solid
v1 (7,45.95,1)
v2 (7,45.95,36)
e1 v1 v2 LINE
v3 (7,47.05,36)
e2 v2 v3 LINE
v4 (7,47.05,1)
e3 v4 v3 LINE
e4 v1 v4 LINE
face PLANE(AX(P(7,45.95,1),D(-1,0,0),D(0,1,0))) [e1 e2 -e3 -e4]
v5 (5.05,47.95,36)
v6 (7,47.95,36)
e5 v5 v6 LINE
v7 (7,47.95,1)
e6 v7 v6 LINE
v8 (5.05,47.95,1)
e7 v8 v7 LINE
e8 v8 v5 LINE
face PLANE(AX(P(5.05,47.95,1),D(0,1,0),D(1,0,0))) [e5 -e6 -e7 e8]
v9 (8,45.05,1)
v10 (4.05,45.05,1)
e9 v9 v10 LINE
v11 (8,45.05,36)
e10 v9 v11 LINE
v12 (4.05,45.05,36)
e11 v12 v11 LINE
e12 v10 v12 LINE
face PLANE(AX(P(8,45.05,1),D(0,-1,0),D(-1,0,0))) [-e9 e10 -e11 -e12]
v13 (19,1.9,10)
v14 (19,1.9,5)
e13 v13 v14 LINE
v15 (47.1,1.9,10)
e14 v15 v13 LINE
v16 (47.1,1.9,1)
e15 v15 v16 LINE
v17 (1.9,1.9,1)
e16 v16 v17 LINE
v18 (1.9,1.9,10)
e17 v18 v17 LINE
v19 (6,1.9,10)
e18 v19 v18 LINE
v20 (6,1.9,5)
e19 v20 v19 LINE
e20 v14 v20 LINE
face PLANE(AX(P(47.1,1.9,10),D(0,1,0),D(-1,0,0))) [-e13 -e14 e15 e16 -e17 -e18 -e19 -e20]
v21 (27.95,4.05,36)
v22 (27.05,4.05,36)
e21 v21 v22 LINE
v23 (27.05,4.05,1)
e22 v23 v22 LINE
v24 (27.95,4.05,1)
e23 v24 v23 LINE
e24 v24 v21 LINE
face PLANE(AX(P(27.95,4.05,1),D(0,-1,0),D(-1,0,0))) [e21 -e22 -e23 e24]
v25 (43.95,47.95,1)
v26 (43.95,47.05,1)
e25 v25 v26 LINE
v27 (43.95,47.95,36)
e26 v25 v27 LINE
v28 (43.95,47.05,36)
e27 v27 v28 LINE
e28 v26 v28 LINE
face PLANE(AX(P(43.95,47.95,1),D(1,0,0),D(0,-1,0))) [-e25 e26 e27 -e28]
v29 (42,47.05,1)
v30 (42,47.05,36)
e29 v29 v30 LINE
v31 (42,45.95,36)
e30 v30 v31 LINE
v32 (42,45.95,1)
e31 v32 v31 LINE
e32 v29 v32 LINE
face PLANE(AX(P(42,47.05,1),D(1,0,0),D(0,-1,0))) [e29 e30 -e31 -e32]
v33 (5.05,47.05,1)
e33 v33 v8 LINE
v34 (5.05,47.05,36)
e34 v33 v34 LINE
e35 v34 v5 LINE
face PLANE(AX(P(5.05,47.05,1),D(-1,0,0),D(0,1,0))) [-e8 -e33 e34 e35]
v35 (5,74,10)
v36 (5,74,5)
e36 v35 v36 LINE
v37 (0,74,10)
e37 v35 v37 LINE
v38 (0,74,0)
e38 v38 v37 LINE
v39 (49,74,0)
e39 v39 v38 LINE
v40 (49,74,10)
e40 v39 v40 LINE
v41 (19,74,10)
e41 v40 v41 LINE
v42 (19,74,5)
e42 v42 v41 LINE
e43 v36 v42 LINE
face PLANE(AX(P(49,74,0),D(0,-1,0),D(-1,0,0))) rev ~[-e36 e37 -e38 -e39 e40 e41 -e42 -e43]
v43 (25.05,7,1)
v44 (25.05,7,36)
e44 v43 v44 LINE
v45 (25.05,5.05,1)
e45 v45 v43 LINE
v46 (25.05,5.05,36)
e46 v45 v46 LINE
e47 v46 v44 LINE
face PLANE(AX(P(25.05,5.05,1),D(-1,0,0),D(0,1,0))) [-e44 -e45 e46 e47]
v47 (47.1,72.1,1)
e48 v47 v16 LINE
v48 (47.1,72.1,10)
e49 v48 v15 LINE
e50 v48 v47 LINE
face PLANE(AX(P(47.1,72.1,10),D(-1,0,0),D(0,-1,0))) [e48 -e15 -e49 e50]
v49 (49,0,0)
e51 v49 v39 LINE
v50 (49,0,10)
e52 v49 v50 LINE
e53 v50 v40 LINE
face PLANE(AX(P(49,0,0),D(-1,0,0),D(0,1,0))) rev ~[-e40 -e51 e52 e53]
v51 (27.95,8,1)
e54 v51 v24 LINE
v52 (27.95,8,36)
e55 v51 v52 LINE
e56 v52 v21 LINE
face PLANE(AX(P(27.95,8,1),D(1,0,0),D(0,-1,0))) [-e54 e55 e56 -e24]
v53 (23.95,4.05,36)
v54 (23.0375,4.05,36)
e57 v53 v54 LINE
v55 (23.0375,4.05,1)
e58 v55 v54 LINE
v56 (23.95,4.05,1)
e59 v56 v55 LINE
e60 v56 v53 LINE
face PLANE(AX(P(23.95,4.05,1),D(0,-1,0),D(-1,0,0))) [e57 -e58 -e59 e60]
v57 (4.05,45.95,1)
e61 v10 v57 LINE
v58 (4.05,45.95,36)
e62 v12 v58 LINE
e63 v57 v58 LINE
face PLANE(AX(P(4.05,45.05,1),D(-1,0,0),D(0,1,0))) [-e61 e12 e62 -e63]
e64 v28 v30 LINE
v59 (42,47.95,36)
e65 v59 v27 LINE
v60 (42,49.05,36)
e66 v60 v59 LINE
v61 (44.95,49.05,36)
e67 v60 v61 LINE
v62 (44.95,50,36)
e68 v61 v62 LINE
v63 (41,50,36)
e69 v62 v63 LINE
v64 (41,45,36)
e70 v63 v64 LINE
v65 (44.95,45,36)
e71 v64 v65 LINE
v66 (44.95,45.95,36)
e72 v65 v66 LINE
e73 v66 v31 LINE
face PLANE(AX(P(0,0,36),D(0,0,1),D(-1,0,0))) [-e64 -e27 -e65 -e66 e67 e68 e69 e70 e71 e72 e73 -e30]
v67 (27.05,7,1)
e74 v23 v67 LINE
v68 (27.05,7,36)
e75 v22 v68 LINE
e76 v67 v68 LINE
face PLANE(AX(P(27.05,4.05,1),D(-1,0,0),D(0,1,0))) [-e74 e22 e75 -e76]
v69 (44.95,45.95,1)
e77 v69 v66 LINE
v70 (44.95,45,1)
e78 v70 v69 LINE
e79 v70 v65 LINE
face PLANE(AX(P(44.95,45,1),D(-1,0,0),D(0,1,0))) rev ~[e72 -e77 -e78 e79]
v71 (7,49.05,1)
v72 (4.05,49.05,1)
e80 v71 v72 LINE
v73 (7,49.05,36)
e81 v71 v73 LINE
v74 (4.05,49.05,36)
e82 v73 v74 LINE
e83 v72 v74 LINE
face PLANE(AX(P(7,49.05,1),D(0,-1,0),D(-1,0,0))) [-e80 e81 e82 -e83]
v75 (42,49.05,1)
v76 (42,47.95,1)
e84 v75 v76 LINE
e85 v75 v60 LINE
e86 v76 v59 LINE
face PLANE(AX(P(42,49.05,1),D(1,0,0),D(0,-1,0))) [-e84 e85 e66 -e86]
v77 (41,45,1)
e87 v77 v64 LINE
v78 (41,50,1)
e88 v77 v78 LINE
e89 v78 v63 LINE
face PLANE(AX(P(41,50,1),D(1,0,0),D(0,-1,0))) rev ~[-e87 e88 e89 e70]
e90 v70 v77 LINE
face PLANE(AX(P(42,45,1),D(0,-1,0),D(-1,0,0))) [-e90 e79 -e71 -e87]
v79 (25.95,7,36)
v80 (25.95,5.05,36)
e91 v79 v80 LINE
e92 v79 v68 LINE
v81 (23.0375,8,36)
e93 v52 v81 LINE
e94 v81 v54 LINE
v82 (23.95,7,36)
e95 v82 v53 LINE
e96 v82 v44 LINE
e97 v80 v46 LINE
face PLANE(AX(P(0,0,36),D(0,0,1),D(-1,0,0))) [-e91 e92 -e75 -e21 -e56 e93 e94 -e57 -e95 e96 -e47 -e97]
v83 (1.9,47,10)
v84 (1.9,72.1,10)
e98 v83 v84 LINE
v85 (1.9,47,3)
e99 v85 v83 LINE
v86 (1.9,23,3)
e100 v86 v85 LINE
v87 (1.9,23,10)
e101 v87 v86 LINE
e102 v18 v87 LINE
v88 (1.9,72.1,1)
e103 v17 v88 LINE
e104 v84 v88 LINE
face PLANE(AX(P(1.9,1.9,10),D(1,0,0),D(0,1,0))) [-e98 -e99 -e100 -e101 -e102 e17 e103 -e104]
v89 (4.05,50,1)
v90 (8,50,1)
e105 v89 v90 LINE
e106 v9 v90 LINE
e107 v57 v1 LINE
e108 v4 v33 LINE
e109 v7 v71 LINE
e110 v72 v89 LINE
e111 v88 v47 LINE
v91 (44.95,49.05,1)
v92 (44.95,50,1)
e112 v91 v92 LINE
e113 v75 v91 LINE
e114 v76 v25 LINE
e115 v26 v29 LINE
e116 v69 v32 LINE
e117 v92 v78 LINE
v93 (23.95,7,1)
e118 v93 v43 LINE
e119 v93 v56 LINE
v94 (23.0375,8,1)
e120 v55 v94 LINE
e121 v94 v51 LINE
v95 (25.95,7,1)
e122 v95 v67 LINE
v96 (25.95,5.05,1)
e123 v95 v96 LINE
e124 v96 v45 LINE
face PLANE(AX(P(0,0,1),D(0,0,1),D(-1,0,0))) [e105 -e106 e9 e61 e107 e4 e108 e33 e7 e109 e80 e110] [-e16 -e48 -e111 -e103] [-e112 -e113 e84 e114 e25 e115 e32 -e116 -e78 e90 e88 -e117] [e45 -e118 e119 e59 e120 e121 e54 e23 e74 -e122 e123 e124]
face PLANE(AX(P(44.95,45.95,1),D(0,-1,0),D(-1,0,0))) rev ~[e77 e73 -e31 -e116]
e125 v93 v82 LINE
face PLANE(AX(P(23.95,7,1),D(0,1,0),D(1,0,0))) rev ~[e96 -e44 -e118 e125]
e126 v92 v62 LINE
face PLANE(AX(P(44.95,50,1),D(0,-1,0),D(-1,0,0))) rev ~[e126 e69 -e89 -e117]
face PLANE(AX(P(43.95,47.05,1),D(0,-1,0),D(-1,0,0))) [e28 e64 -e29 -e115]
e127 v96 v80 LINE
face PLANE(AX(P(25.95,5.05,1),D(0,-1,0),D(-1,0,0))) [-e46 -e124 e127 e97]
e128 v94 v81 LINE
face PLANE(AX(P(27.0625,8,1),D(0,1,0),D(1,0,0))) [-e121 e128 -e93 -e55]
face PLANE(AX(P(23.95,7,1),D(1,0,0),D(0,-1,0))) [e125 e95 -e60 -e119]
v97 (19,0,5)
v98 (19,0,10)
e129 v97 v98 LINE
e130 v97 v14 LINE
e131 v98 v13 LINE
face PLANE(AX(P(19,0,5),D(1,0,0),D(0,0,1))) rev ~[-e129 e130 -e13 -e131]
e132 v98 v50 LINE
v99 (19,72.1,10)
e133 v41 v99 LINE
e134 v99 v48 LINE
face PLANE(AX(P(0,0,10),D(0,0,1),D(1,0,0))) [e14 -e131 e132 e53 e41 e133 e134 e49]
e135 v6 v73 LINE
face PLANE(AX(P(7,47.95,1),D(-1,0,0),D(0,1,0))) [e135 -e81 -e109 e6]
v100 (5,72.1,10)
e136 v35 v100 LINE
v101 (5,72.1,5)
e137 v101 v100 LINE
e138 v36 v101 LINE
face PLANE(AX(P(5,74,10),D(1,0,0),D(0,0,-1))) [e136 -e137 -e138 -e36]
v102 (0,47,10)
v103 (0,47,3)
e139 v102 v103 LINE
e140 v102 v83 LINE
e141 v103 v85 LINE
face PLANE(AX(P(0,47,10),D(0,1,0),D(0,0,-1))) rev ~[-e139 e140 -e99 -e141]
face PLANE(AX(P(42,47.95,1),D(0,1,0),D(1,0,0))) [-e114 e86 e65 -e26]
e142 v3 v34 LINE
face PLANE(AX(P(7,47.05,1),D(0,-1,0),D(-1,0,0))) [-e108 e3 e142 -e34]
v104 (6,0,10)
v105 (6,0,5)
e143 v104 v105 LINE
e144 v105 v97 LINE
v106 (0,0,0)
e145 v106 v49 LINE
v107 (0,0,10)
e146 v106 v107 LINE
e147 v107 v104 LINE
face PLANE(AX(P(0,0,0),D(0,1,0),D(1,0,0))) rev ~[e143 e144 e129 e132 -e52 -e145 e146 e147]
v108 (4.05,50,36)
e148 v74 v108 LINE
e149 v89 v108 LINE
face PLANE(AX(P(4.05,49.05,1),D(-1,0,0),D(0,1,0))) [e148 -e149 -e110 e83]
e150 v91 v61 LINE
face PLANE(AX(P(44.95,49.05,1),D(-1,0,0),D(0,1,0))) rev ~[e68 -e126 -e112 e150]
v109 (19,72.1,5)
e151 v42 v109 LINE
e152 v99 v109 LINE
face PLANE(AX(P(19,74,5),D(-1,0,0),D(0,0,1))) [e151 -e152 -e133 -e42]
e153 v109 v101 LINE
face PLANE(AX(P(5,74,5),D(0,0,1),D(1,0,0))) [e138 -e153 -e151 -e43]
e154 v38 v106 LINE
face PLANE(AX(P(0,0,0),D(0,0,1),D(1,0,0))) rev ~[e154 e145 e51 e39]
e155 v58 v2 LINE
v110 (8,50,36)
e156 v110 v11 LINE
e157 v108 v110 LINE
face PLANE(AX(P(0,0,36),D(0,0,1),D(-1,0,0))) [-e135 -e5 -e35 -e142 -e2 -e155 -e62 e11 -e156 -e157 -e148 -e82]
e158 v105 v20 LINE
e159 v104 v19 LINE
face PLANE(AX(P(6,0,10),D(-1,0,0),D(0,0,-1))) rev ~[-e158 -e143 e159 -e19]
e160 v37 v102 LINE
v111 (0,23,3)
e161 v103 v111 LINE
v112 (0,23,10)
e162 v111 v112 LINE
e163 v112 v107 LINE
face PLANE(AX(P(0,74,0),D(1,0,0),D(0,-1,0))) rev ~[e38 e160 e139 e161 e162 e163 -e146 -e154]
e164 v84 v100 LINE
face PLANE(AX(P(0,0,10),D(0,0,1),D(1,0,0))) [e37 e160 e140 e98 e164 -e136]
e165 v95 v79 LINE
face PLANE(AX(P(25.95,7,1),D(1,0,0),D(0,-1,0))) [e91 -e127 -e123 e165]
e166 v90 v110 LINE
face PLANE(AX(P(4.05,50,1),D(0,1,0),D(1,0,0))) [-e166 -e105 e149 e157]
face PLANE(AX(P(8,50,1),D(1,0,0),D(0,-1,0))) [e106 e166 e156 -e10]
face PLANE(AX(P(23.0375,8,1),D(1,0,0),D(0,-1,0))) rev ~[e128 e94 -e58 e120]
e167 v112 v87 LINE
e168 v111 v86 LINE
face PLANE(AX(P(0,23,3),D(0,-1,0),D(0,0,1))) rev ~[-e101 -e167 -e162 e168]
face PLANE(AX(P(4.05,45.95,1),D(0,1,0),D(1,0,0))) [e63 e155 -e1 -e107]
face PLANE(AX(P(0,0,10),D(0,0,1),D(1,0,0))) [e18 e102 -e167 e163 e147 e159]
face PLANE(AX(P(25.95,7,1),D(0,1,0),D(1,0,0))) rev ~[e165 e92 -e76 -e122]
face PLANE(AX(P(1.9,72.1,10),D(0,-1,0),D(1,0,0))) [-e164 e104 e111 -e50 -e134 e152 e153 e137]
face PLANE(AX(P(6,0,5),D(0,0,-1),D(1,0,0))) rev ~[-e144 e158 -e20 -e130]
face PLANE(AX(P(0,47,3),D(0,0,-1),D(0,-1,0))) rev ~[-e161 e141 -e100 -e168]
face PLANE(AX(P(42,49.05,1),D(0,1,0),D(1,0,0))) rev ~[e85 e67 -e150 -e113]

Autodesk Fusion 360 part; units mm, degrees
sketch "Sketch1" plane through (0, 0, 0) normal (0, 0, 1) x (1, 0, 0)
  line L0 (0, 0) -> (49, 0)
  line L1 (49, 0) -> (49, 74)
  line L2 (49, 74) -> (0, 74)
  line L3 (0, 74) -> (0, 0)
extrude "Extrude1" add sketch "Sketch1" along normal blind 10
sketch "Sketch2" plane through (0, 0, 10) normal (0, 0, 1) x (-1, 0, 0)
  line L0 (0, -74) -> (0, 0)
  line L1 (0, 0) -> (-49, 0)
  line L2 (-49, 0) -> (-49, -74)
  line L3 (-49, -74) -> (0, -74)
  line L4 (-1.9, -72.1) -> (-47.1, -72.1)
  line L5 (-47.1, -72.1) -> (-47.1, -1.9)
  line L6 (-47.1, -1.9) -> (-1.9, -1.9)
  line L7 (-1.9, -1.9) -> (-1.9, -72.1)
extrude "Extrude2" cut sketch "Sketch2" against normal blind 9 contours L4 L5 L6 L7
sketch "Sketch3" plane through (0, 74, 0) normal (0, 1, 0) x (-1, 0, 0)
  line L0 (-49, 0) -> (0, 0)
  line L1 (0, 0) -> (0, 10)
  line L2 (0, 10) -> (-49, 10)
  line L3 (-49, 10) -> (-49, 0)
sketch "Sketch4" plane through (0, 74, 0) normal (0, 1, 0) x (-1, 0, 0)
  line L0 (-5, 5) -> (-19, 5)
  line L1 (-19, 5) -> (-19, 10)
  line L2 (-19, 10) -> (-5, 10)
  line L3 (-5, 10) -> (-5, 5)
extrude "Extrude3" cut sketch "Sketch4" against normal blind 6
sketch "Sketch5" plane through (0, 0, 0) normal (0, 1, 0) x (1, 0, 0)
sketch "Sketch6" plane through (0, 0, 0) normal (0, -1, 0) x (1, 0, 0)
  line L0 (0, 0) -> (49, 0)
  line L1 (49, 0) -> (49, 10)
  line L2 (49, 10) -> (0, 10)
  line L3 (0, 10) -> (0, 0)
  line L4 (6, 5) -> (19, 5)
  line L5 (19, 5) -> (19, 10)
  line L6 (19, 10) -> (6, 10)
  line L7 (6, 10) -> (6, 5)
extrude "Extrude4" cut sketch "Sketch6" against normal blind 6 contours L2 L4 L5 L6 L7
sketch "Sketch7" plane through (0, 0, 0) normal (-1, 0, 0) x (0, -1, 0)
  line L0 (-74, 0) -> (0, 0)
  line L1 (0, 0) -> (0, 10)
  line L2 (0, 10) -> (-74, 10)
  line L3 (-74, 10) -> (-74, 0)
  line L4 (-23, 11) -> (-47, 11)
  line L5 (-47, 11) -> (-47, 3)
  line L6 (-47, 3) -> (-23, 3)
  line L7 (-23, 3) -> (-23, 11)
extrude "Extrude5" cut sketch "Sketch7" against normal blind 3 contours L2 L5 L6 L7
sketch "Sketch8" plane through (0, 0, 1) normal (0, 0, 1) x (-1, 0, 0)
  line L0 (-1.9, -1.9) -> (-47.1, -1.9)
  line L1 (-47.1, -1.9) -> (-47.1, -72.1)
  line L2 (-47.1, -72.1) -> (-1.9, -72.1)
  line L3 (-1.9, -72.1) -> (-1.9, -1.9)
  line L4 (-4.05, -50) -> (-8, -50)
  line L5 (-8, -50) -> (-8, -49.05)
  line L6 (-8, -49.05) -> (-4.05, -49.05)
  line L7 (-4.05, -49.05) -> (-4.05, -50)
  line L8 (-7, -49.05) -> (-8, -49.05)
  line L9 (-8, -49.05) -> (-8, -45.05)
  line L10 (-8, -45.05) -> (-7, -45.05)
  line L11 (-7, -45.05) -> (-7, -49.05)
  line L12 (-7, -45.05) -> (-4.05, -45.05)
  line L13 (-4.05, -45.05) -> (-4.05, -45.95)
  line L14 (-4.05, -45.95) -> (-7, -45.95)
  line L15 (-7, -45.95) -> (-7, -45.05)
  line L16 (-7, -47.05) -> (-5.05, -47.05)
  line L17 (-5.05, -47.05) -> (-5.05, -47.95)
  line L18 (-5.05, -47.95) -> (-7, -47.95)
  line L19 (-7, -47.95) -> (-7, -47.05)
  line L20 (-44.95, -50) -> (-41, -50)
  line L21 (-41, -50) -> (-41, -49.05)
  line L22 (-41, -49.05) -> (-44.95, -49.05)
  line L23 (-44.95, -49.05) -> (-44.95, -50)
  line L24 (-41, -49.05) -> (-42, -49.05)
  line L25 (-42, -49.05) -> (-42, -45)
  line L26 (-42, -45) -> (-41, -45)
  line L27 (-41, -45) -> (-41, -49.05)
  line L28 (-42, -47.95) -> (-43.95, -47.95)
  line L29 (-43.95, -47.95) -> (-43.95, -47.05)
  line L30 (-43.95, -47.05) -> (-42, -47.05)
  line L31 (-42, -47.05) -> (-42, -47.95)
  line L32 (-42, -45) -> (-44.95, -45)
  line L33 (-44.95, -45) -> (-44.95, -45.95)
  line L34 (-44.95, -45.95) -> (-42, -45.95)
  line L35 (-42, -45.95) -> (-42, -45)
extrude "Extrude6" add sketch "Sketch8" along normal blind 35 contours L4 L5 L6 L7 L8 | L6 L8 L9 L10 L11 L15 L19 | L11 L16 L17 L18 L19 | L11 L12 L13 L14 L15 | L20 L21 L22 L23 L24 | L22 L24 L25 L26 L27 L31 L35 | L25 L28 L29 L30 L31 | L25 L32 L33 L34 L35
sketch "Sketch9" plane through (0, 0, 0) normal (-1, 0, 0) x (0, -1, 0)
sketch "Sketch10" plane through (0, 0, 1) normal (0, 0, 1) x (-1, 0, 0)
  line L0 (-5.05, -47.95) -> (-7, -47.95)
  line L1 (-7, -47.95) -> (-7, -49.05)
  line L2 (-7, -49.05) -> (-4.05, -49.05)
  line L3 (-4.05, -49.05) -> (-4.05, -50)
  line L4 (-4.05, -50) -> (-8, -50)
  line L5 (-8, -50) -> (-8, -45.05)
  line L6 (-8, -45.05) -> (-4.05, -45.05)
  line L7 (-4.05, -45.05) -> (-4.05, -45.95)
  line L8 (-4.05, -45.95) -> (-7, -45.95)
  line L9 (-7, -45.95) -> (-7, -47.05)
  line L10 (-7, -47.05) -> (-5.05, -47.05)
  line L11 (-5.05, -47.05) -> (-5.05, -47.95)
  line L12 (-41, -45) -> (-41, -50)
  line L13 (-41, -50) -> (-44.95, -50)
  line L14 (-44.95, -50) -> (-44.95, -49.05)
  line L15 (-44.95, -49.05) -> (-42, -49.05)
  line L16 (-42, -49.05) -> (-42, -47.95)
  line L17 (-42, -47.95) -> (-43.95, -47.95)
  line L18 (-43.95, -47.95) -> (-43.95, -47.05)
  line L19 (-43.95, -47.05) -> (-42, -47.05)
  line L20 (-42, -47.05) -> (-42, -45.95)
  line L21 (-42, -45.95) -> (-44.95, -45.95)
  line L22 (-44.95, -45.95) -> (-44.95, -45)
  line L23 (-44.95, -45) -> (-41, -45)
  line L24 (-1.9, -1.9) -> (-47.1, -1.9)
  line L25 (-47.1, -1.9) -> (-47.1, -72.1)
  line L26 (-47.1, -72.1) -> (-1.9, -72.1)
  line L27 (-1.9, -72.1) -> (-1.9, -1.9)
  line L28 (-27.95, -4.05) -> (-27.05, -4.05)
  line L29 (-27.05, -4.05) -> (-27.05, -8)
  line L30 (-27.05, -8) -> (-27.95, -8)
  line L31 (-27.95, -8) -> (-27.95, -4.05)
  line L32 (-27.0625, -8) -> (-23.0375, -8)
  line L33 (-23.0375, -8) -> (-23.0375, -7)
  line L34 (-23.0375, -7) -> (-27.0625, -7)
  line L35 (-27.0625, -7) -> (-27.0625, -8)
  line L36 (-23.0375, -7) -> (-23.95, -7)
  line L37 (-23.95, -7) -> (-23.95, -4.05)
  line L38 (-23.95, -4.05) -> (-23.0375, -4.05)
  line L39 (-23.0375, -4.05) -> (-23.0375, -7)
  line L40 (-25.05, -7) -> (-25.95, -7)
  line L41 (-25.95, -7) -> (-25.95, -5.05)
  line L42 (-25.95, -5.05) -> (-25.05, -5.05)
  line L43 (-25.05, -5.05) -> (-25.05, -7)
extrude "Extrude7" add sketch "Sketch10" along normal blind 35 contours L28 L29 L30 L31 L34 L35 | L29 L32 L33 L34 L36 L40 | L29 L30 L32 L34 L35 | L34 L40 L41 L42 L43 | L34 L36 L37 L38 L39
